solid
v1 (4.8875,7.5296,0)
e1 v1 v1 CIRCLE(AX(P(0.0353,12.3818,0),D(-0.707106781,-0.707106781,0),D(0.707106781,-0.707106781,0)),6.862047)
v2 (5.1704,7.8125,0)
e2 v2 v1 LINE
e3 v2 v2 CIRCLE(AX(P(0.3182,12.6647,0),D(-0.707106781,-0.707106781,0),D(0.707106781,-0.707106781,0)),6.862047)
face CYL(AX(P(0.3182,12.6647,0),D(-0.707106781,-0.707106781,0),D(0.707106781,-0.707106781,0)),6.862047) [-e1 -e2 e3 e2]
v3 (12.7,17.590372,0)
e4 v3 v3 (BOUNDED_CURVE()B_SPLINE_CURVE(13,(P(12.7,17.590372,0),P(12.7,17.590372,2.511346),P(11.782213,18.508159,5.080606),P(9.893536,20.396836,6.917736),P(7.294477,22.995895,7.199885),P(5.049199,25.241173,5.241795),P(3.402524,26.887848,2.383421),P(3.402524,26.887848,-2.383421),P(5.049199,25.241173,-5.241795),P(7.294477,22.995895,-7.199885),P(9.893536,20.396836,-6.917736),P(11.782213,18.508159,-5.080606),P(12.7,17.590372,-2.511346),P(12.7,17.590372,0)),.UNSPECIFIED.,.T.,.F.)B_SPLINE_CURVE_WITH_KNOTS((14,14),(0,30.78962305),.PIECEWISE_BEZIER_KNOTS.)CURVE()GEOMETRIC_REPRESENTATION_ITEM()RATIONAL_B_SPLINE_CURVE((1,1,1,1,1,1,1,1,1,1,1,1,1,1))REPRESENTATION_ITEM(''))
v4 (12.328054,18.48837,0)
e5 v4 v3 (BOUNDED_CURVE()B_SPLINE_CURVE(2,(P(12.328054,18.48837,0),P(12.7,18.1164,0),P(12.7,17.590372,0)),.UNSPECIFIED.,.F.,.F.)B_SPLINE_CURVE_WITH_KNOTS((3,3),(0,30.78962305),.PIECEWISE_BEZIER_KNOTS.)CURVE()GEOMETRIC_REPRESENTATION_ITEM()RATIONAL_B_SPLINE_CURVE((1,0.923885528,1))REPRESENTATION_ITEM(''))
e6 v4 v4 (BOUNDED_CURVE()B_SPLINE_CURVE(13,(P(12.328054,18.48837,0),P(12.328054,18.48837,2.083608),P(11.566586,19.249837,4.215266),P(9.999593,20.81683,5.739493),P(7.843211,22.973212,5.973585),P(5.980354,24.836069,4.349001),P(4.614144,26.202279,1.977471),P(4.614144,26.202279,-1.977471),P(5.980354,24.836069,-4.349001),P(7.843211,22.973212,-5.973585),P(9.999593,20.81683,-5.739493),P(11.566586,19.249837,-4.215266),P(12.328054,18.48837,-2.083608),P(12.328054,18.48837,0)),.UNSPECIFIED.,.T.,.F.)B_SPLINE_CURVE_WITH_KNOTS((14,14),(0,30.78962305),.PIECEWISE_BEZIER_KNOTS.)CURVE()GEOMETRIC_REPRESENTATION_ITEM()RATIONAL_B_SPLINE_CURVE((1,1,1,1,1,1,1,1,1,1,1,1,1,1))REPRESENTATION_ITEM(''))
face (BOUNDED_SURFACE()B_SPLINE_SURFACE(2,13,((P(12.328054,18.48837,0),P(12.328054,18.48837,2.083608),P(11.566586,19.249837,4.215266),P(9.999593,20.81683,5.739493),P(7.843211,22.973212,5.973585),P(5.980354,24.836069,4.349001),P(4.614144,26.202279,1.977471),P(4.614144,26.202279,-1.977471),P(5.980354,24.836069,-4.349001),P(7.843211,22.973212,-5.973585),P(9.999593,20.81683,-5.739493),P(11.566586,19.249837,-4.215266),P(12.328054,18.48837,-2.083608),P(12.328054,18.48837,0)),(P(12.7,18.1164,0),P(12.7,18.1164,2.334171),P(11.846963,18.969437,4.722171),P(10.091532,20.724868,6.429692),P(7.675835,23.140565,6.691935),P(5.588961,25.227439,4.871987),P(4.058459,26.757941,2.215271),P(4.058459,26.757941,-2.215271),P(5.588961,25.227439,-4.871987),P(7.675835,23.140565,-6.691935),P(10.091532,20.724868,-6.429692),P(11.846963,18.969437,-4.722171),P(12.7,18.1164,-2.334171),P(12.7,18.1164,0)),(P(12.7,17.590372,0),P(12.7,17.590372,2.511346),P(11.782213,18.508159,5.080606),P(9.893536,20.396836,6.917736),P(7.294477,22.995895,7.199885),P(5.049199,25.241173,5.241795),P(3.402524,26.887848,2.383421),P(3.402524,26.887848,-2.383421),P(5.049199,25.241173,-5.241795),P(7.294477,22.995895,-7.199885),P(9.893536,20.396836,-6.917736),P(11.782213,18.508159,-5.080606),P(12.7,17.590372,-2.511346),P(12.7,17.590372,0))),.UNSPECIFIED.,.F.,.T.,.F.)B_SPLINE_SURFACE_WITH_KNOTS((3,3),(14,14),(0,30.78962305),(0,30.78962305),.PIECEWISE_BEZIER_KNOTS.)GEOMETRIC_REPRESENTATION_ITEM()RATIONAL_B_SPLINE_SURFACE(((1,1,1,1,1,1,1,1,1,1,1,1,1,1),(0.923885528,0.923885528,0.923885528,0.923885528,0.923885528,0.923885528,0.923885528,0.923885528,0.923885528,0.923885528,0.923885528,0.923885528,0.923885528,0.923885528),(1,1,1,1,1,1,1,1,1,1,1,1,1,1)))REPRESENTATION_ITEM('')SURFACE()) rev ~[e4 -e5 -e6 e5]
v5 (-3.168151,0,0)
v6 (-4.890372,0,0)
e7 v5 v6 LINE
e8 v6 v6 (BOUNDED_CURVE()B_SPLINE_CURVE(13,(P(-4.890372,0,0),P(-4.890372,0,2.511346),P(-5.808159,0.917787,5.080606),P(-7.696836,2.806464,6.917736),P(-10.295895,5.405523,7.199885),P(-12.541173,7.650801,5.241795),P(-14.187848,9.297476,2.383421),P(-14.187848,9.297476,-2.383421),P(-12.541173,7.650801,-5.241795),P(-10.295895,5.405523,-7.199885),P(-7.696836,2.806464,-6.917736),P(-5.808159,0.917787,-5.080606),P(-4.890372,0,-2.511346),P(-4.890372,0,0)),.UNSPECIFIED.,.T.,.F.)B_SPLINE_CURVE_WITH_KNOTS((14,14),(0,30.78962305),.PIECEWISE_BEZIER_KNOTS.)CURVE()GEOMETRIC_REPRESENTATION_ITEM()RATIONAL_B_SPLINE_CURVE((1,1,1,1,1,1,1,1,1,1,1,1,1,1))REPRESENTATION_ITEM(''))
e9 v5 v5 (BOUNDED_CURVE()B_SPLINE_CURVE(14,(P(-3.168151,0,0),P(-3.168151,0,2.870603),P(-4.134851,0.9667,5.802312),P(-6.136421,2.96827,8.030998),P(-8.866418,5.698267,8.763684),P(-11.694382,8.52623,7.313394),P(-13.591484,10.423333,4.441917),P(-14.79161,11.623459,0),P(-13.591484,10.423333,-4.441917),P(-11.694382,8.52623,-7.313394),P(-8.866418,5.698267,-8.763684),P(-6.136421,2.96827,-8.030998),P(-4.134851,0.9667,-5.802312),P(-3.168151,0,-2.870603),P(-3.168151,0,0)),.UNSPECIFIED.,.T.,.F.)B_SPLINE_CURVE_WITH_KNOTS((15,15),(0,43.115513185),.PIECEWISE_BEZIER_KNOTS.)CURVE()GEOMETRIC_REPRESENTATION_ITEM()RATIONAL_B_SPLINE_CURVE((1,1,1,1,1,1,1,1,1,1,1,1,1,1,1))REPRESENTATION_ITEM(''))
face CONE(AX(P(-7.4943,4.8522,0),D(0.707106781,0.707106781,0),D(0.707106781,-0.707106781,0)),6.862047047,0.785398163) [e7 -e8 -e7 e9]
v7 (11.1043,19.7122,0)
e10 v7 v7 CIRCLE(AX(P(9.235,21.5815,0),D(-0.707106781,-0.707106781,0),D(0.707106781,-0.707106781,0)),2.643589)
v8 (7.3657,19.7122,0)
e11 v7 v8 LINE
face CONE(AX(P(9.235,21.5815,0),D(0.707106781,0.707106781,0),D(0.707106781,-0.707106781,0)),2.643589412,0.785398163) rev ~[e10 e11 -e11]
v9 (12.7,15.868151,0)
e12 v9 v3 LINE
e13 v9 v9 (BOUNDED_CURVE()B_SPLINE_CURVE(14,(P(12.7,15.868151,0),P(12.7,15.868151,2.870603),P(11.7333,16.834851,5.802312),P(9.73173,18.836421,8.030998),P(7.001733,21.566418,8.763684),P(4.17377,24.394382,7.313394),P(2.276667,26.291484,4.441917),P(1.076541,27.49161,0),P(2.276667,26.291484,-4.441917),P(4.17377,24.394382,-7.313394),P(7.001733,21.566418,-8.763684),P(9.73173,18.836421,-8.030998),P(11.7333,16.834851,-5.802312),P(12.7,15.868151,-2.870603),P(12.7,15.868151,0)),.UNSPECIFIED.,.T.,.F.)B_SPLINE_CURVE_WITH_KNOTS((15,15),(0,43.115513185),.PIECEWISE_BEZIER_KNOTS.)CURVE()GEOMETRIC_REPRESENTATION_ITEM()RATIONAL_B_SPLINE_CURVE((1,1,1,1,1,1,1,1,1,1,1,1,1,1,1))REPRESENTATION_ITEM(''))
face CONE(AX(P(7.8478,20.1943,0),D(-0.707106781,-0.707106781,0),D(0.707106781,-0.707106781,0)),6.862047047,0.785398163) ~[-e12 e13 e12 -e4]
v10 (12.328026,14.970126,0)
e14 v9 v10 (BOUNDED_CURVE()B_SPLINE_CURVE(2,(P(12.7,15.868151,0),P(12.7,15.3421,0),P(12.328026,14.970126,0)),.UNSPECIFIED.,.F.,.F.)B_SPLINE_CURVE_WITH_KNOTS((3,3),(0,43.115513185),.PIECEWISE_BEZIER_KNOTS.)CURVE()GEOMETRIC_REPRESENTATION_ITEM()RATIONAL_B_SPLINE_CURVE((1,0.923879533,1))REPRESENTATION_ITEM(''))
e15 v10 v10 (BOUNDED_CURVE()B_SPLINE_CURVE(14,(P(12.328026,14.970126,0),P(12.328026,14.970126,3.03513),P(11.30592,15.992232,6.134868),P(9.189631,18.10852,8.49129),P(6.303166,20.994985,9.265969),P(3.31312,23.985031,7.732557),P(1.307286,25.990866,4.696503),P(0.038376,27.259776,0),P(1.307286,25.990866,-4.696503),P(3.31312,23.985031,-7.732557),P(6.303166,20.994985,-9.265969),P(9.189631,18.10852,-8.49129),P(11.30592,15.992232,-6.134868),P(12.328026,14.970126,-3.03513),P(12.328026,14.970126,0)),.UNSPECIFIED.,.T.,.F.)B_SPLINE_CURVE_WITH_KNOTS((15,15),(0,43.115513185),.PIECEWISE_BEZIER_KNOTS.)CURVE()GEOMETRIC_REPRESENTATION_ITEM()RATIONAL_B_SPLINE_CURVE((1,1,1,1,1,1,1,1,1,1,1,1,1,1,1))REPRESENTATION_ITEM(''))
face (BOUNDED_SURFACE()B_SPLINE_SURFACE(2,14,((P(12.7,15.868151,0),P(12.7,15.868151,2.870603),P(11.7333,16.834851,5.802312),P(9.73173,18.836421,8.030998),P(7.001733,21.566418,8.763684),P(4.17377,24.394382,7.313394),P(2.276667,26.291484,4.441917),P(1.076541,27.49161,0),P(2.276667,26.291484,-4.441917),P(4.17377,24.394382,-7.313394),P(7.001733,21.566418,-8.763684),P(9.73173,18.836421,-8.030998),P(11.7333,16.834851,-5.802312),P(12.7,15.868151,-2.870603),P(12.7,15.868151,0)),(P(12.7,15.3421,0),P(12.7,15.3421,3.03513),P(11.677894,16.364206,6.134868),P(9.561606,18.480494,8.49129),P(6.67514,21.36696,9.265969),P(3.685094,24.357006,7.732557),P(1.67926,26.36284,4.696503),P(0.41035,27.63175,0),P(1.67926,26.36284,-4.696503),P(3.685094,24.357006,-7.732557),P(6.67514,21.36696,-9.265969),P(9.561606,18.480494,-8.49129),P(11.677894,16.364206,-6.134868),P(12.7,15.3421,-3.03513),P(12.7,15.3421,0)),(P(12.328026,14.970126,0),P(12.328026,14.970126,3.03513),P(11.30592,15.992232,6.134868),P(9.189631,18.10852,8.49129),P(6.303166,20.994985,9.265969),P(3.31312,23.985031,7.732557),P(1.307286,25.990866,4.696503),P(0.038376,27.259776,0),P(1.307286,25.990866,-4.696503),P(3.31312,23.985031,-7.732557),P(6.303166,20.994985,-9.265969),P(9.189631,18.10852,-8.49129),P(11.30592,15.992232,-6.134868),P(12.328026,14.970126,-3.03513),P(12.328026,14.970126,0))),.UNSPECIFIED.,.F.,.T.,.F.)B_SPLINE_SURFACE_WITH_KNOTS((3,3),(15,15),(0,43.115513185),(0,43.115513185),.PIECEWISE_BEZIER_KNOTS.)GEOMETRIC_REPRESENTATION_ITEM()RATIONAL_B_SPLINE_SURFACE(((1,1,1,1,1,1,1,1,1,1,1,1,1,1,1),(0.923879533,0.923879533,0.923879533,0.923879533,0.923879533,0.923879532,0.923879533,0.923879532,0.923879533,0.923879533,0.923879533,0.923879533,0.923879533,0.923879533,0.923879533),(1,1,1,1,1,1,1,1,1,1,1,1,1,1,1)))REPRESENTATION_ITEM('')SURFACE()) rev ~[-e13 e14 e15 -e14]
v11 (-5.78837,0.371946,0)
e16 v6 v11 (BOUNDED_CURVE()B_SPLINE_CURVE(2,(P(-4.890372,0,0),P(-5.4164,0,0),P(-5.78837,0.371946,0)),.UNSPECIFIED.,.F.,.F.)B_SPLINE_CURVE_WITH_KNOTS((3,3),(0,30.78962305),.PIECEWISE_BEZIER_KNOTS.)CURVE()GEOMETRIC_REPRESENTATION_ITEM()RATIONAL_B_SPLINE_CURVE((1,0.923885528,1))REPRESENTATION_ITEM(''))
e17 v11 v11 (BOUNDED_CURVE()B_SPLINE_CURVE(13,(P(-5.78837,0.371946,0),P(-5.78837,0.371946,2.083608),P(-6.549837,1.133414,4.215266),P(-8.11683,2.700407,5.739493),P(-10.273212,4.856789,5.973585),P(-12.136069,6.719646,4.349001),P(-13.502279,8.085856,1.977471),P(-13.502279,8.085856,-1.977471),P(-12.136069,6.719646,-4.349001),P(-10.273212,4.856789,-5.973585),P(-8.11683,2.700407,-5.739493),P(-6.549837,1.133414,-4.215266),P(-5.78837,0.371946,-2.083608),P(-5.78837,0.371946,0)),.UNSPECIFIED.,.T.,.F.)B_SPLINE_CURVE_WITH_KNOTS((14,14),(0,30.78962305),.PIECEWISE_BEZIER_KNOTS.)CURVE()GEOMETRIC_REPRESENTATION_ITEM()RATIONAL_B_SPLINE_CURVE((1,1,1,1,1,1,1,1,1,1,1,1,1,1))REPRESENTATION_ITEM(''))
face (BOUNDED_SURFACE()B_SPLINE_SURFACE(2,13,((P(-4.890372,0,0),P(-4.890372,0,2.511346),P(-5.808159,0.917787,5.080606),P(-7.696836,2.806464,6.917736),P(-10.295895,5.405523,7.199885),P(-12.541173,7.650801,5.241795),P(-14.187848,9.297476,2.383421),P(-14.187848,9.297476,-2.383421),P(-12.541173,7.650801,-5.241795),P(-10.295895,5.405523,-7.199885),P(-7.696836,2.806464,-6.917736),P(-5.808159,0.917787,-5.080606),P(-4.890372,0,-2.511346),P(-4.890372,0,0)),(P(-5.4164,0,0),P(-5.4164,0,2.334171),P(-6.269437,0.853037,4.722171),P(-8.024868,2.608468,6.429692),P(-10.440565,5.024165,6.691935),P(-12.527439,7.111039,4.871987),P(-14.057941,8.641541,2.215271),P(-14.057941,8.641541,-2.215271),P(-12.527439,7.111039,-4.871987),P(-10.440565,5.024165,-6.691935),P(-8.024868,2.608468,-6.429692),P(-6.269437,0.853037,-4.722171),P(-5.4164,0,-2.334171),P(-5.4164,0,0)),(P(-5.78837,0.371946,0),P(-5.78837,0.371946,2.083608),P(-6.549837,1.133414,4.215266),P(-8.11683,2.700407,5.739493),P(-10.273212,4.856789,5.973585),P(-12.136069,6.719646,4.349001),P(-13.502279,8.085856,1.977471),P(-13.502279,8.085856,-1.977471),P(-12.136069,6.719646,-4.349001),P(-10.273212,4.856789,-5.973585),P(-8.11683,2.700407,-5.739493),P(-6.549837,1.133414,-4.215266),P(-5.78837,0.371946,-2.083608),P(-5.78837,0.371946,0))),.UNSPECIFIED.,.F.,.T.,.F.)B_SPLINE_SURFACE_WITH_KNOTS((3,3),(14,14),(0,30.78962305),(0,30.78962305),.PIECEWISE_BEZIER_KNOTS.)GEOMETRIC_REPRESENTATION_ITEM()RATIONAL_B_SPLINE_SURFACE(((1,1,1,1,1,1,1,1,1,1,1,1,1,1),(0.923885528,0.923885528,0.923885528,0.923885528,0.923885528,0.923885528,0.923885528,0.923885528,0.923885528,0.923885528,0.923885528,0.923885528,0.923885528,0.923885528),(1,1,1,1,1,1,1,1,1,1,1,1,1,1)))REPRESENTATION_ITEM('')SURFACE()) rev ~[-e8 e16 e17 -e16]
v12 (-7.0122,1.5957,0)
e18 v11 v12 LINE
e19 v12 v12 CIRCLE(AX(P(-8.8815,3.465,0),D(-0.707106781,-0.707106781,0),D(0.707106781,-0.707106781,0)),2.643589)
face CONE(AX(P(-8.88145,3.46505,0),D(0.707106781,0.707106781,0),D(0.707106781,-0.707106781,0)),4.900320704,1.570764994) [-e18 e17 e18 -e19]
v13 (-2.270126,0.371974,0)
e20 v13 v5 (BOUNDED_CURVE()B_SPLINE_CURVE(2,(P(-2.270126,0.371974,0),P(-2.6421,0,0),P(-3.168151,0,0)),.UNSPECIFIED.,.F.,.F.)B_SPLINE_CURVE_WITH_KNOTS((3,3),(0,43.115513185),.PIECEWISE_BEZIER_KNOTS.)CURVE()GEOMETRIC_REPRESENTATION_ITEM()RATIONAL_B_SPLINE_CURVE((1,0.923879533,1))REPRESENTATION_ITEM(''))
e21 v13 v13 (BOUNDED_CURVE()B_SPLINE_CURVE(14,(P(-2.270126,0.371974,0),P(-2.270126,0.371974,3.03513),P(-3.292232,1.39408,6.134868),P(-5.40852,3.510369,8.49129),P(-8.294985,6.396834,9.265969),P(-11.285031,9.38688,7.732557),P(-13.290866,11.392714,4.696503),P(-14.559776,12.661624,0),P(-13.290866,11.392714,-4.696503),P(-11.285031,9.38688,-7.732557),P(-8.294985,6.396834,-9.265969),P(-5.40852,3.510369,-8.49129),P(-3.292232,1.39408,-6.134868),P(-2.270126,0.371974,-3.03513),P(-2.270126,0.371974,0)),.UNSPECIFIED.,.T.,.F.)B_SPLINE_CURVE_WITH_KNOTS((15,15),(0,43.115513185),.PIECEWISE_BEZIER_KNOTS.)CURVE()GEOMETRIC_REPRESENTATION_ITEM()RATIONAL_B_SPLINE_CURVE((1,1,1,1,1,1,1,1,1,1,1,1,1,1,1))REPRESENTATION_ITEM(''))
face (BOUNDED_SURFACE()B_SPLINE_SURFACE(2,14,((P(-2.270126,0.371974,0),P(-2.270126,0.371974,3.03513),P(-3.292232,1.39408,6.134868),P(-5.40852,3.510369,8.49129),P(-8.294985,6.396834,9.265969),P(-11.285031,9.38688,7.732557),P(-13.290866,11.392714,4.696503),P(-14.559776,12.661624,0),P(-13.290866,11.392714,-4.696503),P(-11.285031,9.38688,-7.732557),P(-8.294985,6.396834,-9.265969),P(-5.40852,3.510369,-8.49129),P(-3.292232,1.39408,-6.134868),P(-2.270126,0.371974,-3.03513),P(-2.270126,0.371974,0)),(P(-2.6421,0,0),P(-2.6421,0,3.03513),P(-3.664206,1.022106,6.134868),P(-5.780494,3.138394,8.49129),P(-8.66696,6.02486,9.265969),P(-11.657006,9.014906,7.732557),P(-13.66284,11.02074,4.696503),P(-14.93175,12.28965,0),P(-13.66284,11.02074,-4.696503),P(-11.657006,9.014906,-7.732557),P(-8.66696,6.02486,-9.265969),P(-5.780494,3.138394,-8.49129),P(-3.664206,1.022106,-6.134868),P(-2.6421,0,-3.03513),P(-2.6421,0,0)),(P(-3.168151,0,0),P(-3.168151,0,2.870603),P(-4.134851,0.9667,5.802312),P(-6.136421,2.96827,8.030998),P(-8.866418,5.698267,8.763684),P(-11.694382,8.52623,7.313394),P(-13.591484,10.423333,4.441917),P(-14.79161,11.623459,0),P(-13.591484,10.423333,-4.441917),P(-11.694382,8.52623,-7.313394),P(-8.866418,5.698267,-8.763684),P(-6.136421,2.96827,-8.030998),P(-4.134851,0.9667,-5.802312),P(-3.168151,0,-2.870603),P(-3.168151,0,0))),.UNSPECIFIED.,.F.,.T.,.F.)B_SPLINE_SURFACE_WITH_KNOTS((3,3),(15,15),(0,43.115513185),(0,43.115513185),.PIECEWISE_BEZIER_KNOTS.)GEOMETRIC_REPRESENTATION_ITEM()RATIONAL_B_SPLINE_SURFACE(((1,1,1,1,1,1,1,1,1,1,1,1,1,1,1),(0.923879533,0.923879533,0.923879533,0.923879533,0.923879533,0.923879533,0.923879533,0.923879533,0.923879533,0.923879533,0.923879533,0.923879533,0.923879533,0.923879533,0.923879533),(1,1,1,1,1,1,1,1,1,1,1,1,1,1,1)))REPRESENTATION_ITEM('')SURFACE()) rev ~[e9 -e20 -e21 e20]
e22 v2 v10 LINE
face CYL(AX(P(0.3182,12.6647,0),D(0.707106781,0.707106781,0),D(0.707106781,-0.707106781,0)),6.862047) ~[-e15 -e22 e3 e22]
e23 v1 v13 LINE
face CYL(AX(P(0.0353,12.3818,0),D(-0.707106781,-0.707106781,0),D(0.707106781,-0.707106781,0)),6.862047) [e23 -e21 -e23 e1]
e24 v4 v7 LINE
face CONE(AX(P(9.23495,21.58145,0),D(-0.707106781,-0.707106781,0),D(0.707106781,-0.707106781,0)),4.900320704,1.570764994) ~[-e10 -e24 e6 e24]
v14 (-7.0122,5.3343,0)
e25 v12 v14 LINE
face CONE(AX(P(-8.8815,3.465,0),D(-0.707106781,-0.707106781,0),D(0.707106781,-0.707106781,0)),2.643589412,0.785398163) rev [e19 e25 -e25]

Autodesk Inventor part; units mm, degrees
ref_plane "YZ Plane" through (0, 0, 0) normal (1, 0, 0) x (0, 1, 0)
ref_plane "XZ Plane" through (0, 0, 0) normal (0, 1, 0) x (-1, 0, 0)
ref_plane "XY Plane" through (0, 0, 0) normal (0, 0, 1) x (1, 0, 0)
sketch "Sketch2" plane through (0, 0, 0) normal (0, 0, 1) x (1, 0, 0)
  line L0 (5.1704, 7.5296) -> (-2.5593, -0.2) construction
  line L1 (0, 12.7) -> (-7.2622, 5.4378) construction
  line L2 (-7.2622, 5.4378) -> (-7.2622, 1.6155) construction
  line L3 (-5.4993, -0.2) -> (-7.2622, 1.5629) construction
  line L4 (-2.5593, -0.2) -> (-5.4993, -0.2) construction
  line L5 (0, 12.7) -> (5.1704, 7.5296) construction
  line L6 (-7.0122, 1.5957) -> (-7.0122, 5.3343)
  line L7 (-7.0122, 5.3343) -> (0.0354, 12.3818)
  line L8 (4.8875, 7.5296) -> (-2.6421, 0)
  line L9 (-2.6421, 0) -> (-5.4164, 0)
  line L10 (-5.4164, 0) -> (-7.0122, 1.5957)
  line L11 (11.1043, 19.7122) -> (7.3657, 19.7122)
  line L12 (7.3657, 19.7122) -> (0.3182, 12.6646)
  line L13 (5.1704, 7.8125) -> (12.7, 15.3421)
  line L14 (12.7, 15.3421) -> (12.7, 18.1164)
  line L15 (12.7, 18.1164) -> (11.1043, 19.7122)
  line L16 (5.1704, 7.8125) -> (4.8875, 7.5296)
  line L17 (0.3182, 12.6646) -> (0.0354, 12.3818)
  point P0 (0, 0)
  dimension "d0" = 0.25
revolve "Revolution1" add sketch "Sketch2" angle 360 about axis through (7.3657, 19.7122, 0) along (-0.7071, -0.7071, 0)
fillet "Fillet1" radius 1.27 4 edges at (2.9957, 25.0464, 0) (5.77, 25.0464, 0) (-12.3464, 9.7043, 0) (-12.3464, 6.93, 0)
properties part number "Cate2InchMecRoller"
